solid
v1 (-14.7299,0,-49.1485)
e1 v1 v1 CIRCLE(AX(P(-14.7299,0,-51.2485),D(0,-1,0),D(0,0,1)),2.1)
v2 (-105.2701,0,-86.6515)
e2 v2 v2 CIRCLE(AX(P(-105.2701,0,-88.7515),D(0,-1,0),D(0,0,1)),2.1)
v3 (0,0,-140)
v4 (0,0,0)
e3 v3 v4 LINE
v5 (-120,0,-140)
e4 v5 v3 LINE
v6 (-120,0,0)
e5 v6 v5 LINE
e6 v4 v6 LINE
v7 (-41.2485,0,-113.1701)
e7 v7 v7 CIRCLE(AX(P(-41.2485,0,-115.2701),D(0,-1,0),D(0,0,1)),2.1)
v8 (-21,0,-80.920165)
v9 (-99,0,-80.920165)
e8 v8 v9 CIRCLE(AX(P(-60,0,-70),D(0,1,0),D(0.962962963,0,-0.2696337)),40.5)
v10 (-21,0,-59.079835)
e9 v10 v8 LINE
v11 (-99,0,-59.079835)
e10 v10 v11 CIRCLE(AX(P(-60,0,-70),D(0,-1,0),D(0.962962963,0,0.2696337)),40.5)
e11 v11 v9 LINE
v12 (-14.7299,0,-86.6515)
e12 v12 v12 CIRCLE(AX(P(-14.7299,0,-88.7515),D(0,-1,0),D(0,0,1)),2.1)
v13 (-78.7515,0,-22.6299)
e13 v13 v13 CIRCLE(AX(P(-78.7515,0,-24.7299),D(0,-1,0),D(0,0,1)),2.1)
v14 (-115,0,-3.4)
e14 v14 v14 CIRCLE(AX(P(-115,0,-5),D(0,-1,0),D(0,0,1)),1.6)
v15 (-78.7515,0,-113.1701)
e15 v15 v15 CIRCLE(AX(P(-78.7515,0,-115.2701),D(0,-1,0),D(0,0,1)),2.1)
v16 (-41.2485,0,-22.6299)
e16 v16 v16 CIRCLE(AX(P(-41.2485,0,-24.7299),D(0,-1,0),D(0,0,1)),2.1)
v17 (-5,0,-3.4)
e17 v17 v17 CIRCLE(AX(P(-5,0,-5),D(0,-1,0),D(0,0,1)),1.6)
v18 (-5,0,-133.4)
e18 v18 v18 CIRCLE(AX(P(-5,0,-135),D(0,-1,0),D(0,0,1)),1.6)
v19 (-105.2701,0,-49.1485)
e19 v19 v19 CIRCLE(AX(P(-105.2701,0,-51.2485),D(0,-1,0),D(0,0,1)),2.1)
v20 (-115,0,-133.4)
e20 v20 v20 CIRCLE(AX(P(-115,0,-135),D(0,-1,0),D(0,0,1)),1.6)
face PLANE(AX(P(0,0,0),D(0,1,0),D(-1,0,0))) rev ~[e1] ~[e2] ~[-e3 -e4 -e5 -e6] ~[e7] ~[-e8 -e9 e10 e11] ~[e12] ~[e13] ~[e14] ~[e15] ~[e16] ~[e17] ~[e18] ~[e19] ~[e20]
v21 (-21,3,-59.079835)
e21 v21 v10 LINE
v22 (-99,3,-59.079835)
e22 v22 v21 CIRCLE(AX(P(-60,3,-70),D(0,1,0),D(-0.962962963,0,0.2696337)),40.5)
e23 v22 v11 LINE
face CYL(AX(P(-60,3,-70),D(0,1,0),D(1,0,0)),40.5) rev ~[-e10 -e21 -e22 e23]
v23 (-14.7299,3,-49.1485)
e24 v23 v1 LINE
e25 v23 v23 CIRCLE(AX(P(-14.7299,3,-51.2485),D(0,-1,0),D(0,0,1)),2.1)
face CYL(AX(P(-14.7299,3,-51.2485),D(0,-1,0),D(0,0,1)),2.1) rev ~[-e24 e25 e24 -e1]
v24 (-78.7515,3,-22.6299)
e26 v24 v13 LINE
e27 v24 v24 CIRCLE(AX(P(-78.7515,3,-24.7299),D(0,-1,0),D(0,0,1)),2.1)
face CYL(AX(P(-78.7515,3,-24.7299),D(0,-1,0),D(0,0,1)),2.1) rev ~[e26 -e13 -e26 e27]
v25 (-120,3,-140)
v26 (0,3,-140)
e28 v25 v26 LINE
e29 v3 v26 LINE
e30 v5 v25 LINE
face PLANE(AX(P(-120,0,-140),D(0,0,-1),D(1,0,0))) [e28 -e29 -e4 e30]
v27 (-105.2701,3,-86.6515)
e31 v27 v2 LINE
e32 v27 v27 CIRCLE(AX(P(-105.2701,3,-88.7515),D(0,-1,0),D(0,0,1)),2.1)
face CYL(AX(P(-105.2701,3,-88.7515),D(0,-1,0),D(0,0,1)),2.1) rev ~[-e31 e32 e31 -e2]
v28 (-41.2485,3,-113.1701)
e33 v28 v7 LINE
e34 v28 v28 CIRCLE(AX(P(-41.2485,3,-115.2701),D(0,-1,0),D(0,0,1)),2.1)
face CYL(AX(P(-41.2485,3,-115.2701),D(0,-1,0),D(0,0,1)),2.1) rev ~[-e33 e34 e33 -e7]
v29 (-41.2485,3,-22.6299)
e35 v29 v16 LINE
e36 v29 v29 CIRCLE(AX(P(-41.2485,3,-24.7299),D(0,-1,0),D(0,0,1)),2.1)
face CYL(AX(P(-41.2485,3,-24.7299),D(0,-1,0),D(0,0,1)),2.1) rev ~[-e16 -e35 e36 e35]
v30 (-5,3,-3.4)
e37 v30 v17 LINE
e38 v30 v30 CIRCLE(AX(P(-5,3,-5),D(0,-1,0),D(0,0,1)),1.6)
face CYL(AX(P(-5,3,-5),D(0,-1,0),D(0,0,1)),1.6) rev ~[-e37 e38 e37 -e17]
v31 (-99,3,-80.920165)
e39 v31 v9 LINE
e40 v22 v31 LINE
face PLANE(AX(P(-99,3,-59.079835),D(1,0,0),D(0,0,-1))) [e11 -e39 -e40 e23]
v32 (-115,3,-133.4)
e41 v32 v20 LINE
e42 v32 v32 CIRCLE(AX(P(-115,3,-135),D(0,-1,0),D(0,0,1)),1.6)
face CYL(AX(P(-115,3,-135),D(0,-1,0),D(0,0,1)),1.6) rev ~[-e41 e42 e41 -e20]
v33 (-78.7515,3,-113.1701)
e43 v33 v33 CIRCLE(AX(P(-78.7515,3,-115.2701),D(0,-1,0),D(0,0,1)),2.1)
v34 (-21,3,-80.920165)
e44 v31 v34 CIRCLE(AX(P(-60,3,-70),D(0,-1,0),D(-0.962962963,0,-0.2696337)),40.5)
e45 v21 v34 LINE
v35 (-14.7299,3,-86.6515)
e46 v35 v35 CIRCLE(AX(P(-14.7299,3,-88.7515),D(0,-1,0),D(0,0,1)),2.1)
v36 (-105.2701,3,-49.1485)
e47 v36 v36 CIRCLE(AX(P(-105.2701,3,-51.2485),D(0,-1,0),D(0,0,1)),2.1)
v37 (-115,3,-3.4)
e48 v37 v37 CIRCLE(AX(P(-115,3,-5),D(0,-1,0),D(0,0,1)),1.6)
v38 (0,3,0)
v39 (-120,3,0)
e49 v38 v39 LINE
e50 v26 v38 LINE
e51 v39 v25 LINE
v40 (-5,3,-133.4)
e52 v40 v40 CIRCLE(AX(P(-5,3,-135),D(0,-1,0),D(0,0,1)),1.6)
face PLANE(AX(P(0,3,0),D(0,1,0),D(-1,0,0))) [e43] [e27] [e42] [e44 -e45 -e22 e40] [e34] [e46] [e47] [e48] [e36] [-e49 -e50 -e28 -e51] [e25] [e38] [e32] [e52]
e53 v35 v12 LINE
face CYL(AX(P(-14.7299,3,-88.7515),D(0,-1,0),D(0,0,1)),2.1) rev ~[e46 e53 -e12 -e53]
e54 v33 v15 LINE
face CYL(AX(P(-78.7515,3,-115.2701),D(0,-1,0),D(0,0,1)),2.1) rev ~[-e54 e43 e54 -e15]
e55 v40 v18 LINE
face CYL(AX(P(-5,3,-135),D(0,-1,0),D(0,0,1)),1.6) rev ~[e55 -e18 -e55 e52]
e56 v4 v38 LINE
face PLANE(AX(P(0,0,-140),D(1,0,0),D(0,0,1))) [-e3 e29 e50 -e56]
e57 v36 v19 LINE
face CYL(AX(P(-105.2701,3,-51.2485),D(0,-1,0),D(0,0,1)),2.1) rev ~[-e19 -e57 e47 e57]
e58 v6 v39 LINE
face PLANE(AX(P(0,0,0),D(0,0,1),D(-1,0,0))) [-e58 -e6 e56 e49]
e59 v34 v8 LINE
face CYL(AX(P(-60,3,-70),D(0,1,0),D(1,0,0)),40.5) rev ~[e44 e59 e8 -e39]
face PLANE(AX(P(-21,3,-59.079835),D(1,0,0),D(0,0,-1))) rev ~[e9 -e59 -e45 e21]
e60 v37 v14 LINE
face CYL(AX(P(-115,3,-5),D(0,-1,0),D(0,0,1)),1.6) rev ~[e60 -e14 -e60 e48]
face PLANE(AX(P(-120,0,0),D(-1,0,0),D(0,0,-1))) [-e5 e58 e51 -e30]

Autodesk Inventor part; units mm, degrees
ref_plane "YZ Plane" through (0, 0, 0) normal (1, 0, 0) x (0, 1, 0)
ref_plane "XZ Plane" through (0, 0, 0) normal (0, 1, 0) x (-1, 0, 0)
ref_plane "XY Plane" through (0, 0, 0) normal (0, 0, 1) x (1, 0, 0)
sketch "スケッチ1" plane through (0, 0, 0) normal (0, 1, 0) x (-1, 0, 0)
  line L0 (0, 0) -> (120, 0)
  line L1 (120, 0) -> (120, -140)
  line L2 (120, -140) -> (0, -140)
  line L3 (0, -140) -> (0, 0)
  dimension "d0" = 120
  dimension "d1" = 140
extrude "押し出し1" add sketch "スケッチ1" along normal blind 3
sketch "スケッチ2" plane through (0, 3, 0) normal (0, 1, 0) x (1, 0, 0)
  line L0 (-120, 140) -> (-120, 0) projected
  line L1 (0, 140) -> (-120, 140) projected
  line L2 (-120, 0) -> (0, 140)
  circle A0 centre (-60, 70) radius 49
  line L3 (-120, 70) -> (0, 70)
  line L4 (0, 0) -> (0, 140) projected
  line L5 (-60, 70) -> (-14.7299, 88.7515)
  point P0 (-41.2485, 115.2701)
  point P1 (-78.7515, 115.2701)
  point P2 (-105.2701, 88.7515)
  point P3 (-105.2701, 51.2485)
  point P4 (-78.7515, 24.7299)
  point P5 (-41.2485, 24.7299)
  point P6 (-14.7299, 51.2485)
  dimension "d4" = 98
  dimension "d5" = 22.5
  dimension "d8" = 360
hole "穴1" at (-14.7299, 3, -88.7515) at (-41.2485, 3, -115.2701) at (-78.7515, 3, -115.2701) at (-105.2701, 3, -88.7515) at (-105.2701, 3, -51.2485) at (-78.7515, 3, -24.7299) at (-41.2485, 3, -24.7299) at (-14.7299, 3, -51.2485) direction (0, -1, 0) diameter 4.2 end through all
sketch "スケッチ3" plane through (0, 3, 0) normal (0, 1, 0) x (1, 0, 0)
  line L0 (-120, 140) -> (-120, 0) projected
  line L1 (0, 140) -> (-120, 140) projected
  line L2 (-120, 0) -> (0, 140)
  circle A0 centre (-60, 70) radius 40.5
  line L3 (-120, 0) -> (0, 0) projected
  line L4 (-99, 0) -> (-99, 140)
  line L5 (-21, 0) -> (-21, 140)
  point P0 (-21, 70)
  point P1 (-99, 80.9202)
  point P2 (-99, 59.0798)
  point P3 (-21, 59.0798)
  point P4 (-21, 80.9202)
  dimension "d17" = 81
  dimension "d20" = 39
  dimension "d21" = 39
extrude "押し出し2" cut sketch "スケッチ3" against normal blind 3 contours A0 L2 L4 | L2 A0 L5 picked at (-76.2281, 82.7678) picked at (-47.1316, 53.0288)
sketch "スケッチ4" plane through (0, 3, 0) normal (0, 1, 0) x (1, 0, 0)
  line L0 (-120, 140) -> (-120, 0) projected
  line L1 (-120, 5) -> (0, 5)
  line L2 (0, 0) -> (0, 140) projected
  line L3 (-120, 135) -> (0, 135)
  line L4 (-120, 0) -> (0, 0) projected
  line L5 (0, 140) -> (-120, 140) projected
  line L6 (-120, 0) -> (0, 0) projected
  line L7 (-115, 0) -> (-115, 140)
  line L8 (-5, 140) -> (-5, 0)
  point P0 (-115, 5)
  point P1 (-5, 5)
  point P2 (-5, 135)
  point P3 (-115, 135)
  dimension "d22" = 5
  dimension "d23" = 5
  dimension "d24" = 5
  dimension "d25" = 5
hole "穴2" at (-115, 3, -5) at (-5, 3, -5) at (-5, 3, -135) at (-115, 3, -135) direction (0, -1, 0) diameter 3.2 end through all
equation "\"d15\" = Thickness"
equation "\"BendRadius\" = Thickness"
equation "\"BendReliefWidth\" = Thickness"
equation "\"BendReliefDepth\" = 0.5 * Thickness"
equation "\"CornerReliefSize\" = 4 * Thickness"
equation "\"MinimumRemnant\" = 2 * Thickness"
equation "\"TransitionRadius\" = BendRadius"
equation "\"JacobiRadiusSize\" = BendRadius"
equation "\"GapSize\" = Thickness"
equation "\"Thickness\" = 0.5"
properties part number "base_plate2" material "アルミニウム 6061"
